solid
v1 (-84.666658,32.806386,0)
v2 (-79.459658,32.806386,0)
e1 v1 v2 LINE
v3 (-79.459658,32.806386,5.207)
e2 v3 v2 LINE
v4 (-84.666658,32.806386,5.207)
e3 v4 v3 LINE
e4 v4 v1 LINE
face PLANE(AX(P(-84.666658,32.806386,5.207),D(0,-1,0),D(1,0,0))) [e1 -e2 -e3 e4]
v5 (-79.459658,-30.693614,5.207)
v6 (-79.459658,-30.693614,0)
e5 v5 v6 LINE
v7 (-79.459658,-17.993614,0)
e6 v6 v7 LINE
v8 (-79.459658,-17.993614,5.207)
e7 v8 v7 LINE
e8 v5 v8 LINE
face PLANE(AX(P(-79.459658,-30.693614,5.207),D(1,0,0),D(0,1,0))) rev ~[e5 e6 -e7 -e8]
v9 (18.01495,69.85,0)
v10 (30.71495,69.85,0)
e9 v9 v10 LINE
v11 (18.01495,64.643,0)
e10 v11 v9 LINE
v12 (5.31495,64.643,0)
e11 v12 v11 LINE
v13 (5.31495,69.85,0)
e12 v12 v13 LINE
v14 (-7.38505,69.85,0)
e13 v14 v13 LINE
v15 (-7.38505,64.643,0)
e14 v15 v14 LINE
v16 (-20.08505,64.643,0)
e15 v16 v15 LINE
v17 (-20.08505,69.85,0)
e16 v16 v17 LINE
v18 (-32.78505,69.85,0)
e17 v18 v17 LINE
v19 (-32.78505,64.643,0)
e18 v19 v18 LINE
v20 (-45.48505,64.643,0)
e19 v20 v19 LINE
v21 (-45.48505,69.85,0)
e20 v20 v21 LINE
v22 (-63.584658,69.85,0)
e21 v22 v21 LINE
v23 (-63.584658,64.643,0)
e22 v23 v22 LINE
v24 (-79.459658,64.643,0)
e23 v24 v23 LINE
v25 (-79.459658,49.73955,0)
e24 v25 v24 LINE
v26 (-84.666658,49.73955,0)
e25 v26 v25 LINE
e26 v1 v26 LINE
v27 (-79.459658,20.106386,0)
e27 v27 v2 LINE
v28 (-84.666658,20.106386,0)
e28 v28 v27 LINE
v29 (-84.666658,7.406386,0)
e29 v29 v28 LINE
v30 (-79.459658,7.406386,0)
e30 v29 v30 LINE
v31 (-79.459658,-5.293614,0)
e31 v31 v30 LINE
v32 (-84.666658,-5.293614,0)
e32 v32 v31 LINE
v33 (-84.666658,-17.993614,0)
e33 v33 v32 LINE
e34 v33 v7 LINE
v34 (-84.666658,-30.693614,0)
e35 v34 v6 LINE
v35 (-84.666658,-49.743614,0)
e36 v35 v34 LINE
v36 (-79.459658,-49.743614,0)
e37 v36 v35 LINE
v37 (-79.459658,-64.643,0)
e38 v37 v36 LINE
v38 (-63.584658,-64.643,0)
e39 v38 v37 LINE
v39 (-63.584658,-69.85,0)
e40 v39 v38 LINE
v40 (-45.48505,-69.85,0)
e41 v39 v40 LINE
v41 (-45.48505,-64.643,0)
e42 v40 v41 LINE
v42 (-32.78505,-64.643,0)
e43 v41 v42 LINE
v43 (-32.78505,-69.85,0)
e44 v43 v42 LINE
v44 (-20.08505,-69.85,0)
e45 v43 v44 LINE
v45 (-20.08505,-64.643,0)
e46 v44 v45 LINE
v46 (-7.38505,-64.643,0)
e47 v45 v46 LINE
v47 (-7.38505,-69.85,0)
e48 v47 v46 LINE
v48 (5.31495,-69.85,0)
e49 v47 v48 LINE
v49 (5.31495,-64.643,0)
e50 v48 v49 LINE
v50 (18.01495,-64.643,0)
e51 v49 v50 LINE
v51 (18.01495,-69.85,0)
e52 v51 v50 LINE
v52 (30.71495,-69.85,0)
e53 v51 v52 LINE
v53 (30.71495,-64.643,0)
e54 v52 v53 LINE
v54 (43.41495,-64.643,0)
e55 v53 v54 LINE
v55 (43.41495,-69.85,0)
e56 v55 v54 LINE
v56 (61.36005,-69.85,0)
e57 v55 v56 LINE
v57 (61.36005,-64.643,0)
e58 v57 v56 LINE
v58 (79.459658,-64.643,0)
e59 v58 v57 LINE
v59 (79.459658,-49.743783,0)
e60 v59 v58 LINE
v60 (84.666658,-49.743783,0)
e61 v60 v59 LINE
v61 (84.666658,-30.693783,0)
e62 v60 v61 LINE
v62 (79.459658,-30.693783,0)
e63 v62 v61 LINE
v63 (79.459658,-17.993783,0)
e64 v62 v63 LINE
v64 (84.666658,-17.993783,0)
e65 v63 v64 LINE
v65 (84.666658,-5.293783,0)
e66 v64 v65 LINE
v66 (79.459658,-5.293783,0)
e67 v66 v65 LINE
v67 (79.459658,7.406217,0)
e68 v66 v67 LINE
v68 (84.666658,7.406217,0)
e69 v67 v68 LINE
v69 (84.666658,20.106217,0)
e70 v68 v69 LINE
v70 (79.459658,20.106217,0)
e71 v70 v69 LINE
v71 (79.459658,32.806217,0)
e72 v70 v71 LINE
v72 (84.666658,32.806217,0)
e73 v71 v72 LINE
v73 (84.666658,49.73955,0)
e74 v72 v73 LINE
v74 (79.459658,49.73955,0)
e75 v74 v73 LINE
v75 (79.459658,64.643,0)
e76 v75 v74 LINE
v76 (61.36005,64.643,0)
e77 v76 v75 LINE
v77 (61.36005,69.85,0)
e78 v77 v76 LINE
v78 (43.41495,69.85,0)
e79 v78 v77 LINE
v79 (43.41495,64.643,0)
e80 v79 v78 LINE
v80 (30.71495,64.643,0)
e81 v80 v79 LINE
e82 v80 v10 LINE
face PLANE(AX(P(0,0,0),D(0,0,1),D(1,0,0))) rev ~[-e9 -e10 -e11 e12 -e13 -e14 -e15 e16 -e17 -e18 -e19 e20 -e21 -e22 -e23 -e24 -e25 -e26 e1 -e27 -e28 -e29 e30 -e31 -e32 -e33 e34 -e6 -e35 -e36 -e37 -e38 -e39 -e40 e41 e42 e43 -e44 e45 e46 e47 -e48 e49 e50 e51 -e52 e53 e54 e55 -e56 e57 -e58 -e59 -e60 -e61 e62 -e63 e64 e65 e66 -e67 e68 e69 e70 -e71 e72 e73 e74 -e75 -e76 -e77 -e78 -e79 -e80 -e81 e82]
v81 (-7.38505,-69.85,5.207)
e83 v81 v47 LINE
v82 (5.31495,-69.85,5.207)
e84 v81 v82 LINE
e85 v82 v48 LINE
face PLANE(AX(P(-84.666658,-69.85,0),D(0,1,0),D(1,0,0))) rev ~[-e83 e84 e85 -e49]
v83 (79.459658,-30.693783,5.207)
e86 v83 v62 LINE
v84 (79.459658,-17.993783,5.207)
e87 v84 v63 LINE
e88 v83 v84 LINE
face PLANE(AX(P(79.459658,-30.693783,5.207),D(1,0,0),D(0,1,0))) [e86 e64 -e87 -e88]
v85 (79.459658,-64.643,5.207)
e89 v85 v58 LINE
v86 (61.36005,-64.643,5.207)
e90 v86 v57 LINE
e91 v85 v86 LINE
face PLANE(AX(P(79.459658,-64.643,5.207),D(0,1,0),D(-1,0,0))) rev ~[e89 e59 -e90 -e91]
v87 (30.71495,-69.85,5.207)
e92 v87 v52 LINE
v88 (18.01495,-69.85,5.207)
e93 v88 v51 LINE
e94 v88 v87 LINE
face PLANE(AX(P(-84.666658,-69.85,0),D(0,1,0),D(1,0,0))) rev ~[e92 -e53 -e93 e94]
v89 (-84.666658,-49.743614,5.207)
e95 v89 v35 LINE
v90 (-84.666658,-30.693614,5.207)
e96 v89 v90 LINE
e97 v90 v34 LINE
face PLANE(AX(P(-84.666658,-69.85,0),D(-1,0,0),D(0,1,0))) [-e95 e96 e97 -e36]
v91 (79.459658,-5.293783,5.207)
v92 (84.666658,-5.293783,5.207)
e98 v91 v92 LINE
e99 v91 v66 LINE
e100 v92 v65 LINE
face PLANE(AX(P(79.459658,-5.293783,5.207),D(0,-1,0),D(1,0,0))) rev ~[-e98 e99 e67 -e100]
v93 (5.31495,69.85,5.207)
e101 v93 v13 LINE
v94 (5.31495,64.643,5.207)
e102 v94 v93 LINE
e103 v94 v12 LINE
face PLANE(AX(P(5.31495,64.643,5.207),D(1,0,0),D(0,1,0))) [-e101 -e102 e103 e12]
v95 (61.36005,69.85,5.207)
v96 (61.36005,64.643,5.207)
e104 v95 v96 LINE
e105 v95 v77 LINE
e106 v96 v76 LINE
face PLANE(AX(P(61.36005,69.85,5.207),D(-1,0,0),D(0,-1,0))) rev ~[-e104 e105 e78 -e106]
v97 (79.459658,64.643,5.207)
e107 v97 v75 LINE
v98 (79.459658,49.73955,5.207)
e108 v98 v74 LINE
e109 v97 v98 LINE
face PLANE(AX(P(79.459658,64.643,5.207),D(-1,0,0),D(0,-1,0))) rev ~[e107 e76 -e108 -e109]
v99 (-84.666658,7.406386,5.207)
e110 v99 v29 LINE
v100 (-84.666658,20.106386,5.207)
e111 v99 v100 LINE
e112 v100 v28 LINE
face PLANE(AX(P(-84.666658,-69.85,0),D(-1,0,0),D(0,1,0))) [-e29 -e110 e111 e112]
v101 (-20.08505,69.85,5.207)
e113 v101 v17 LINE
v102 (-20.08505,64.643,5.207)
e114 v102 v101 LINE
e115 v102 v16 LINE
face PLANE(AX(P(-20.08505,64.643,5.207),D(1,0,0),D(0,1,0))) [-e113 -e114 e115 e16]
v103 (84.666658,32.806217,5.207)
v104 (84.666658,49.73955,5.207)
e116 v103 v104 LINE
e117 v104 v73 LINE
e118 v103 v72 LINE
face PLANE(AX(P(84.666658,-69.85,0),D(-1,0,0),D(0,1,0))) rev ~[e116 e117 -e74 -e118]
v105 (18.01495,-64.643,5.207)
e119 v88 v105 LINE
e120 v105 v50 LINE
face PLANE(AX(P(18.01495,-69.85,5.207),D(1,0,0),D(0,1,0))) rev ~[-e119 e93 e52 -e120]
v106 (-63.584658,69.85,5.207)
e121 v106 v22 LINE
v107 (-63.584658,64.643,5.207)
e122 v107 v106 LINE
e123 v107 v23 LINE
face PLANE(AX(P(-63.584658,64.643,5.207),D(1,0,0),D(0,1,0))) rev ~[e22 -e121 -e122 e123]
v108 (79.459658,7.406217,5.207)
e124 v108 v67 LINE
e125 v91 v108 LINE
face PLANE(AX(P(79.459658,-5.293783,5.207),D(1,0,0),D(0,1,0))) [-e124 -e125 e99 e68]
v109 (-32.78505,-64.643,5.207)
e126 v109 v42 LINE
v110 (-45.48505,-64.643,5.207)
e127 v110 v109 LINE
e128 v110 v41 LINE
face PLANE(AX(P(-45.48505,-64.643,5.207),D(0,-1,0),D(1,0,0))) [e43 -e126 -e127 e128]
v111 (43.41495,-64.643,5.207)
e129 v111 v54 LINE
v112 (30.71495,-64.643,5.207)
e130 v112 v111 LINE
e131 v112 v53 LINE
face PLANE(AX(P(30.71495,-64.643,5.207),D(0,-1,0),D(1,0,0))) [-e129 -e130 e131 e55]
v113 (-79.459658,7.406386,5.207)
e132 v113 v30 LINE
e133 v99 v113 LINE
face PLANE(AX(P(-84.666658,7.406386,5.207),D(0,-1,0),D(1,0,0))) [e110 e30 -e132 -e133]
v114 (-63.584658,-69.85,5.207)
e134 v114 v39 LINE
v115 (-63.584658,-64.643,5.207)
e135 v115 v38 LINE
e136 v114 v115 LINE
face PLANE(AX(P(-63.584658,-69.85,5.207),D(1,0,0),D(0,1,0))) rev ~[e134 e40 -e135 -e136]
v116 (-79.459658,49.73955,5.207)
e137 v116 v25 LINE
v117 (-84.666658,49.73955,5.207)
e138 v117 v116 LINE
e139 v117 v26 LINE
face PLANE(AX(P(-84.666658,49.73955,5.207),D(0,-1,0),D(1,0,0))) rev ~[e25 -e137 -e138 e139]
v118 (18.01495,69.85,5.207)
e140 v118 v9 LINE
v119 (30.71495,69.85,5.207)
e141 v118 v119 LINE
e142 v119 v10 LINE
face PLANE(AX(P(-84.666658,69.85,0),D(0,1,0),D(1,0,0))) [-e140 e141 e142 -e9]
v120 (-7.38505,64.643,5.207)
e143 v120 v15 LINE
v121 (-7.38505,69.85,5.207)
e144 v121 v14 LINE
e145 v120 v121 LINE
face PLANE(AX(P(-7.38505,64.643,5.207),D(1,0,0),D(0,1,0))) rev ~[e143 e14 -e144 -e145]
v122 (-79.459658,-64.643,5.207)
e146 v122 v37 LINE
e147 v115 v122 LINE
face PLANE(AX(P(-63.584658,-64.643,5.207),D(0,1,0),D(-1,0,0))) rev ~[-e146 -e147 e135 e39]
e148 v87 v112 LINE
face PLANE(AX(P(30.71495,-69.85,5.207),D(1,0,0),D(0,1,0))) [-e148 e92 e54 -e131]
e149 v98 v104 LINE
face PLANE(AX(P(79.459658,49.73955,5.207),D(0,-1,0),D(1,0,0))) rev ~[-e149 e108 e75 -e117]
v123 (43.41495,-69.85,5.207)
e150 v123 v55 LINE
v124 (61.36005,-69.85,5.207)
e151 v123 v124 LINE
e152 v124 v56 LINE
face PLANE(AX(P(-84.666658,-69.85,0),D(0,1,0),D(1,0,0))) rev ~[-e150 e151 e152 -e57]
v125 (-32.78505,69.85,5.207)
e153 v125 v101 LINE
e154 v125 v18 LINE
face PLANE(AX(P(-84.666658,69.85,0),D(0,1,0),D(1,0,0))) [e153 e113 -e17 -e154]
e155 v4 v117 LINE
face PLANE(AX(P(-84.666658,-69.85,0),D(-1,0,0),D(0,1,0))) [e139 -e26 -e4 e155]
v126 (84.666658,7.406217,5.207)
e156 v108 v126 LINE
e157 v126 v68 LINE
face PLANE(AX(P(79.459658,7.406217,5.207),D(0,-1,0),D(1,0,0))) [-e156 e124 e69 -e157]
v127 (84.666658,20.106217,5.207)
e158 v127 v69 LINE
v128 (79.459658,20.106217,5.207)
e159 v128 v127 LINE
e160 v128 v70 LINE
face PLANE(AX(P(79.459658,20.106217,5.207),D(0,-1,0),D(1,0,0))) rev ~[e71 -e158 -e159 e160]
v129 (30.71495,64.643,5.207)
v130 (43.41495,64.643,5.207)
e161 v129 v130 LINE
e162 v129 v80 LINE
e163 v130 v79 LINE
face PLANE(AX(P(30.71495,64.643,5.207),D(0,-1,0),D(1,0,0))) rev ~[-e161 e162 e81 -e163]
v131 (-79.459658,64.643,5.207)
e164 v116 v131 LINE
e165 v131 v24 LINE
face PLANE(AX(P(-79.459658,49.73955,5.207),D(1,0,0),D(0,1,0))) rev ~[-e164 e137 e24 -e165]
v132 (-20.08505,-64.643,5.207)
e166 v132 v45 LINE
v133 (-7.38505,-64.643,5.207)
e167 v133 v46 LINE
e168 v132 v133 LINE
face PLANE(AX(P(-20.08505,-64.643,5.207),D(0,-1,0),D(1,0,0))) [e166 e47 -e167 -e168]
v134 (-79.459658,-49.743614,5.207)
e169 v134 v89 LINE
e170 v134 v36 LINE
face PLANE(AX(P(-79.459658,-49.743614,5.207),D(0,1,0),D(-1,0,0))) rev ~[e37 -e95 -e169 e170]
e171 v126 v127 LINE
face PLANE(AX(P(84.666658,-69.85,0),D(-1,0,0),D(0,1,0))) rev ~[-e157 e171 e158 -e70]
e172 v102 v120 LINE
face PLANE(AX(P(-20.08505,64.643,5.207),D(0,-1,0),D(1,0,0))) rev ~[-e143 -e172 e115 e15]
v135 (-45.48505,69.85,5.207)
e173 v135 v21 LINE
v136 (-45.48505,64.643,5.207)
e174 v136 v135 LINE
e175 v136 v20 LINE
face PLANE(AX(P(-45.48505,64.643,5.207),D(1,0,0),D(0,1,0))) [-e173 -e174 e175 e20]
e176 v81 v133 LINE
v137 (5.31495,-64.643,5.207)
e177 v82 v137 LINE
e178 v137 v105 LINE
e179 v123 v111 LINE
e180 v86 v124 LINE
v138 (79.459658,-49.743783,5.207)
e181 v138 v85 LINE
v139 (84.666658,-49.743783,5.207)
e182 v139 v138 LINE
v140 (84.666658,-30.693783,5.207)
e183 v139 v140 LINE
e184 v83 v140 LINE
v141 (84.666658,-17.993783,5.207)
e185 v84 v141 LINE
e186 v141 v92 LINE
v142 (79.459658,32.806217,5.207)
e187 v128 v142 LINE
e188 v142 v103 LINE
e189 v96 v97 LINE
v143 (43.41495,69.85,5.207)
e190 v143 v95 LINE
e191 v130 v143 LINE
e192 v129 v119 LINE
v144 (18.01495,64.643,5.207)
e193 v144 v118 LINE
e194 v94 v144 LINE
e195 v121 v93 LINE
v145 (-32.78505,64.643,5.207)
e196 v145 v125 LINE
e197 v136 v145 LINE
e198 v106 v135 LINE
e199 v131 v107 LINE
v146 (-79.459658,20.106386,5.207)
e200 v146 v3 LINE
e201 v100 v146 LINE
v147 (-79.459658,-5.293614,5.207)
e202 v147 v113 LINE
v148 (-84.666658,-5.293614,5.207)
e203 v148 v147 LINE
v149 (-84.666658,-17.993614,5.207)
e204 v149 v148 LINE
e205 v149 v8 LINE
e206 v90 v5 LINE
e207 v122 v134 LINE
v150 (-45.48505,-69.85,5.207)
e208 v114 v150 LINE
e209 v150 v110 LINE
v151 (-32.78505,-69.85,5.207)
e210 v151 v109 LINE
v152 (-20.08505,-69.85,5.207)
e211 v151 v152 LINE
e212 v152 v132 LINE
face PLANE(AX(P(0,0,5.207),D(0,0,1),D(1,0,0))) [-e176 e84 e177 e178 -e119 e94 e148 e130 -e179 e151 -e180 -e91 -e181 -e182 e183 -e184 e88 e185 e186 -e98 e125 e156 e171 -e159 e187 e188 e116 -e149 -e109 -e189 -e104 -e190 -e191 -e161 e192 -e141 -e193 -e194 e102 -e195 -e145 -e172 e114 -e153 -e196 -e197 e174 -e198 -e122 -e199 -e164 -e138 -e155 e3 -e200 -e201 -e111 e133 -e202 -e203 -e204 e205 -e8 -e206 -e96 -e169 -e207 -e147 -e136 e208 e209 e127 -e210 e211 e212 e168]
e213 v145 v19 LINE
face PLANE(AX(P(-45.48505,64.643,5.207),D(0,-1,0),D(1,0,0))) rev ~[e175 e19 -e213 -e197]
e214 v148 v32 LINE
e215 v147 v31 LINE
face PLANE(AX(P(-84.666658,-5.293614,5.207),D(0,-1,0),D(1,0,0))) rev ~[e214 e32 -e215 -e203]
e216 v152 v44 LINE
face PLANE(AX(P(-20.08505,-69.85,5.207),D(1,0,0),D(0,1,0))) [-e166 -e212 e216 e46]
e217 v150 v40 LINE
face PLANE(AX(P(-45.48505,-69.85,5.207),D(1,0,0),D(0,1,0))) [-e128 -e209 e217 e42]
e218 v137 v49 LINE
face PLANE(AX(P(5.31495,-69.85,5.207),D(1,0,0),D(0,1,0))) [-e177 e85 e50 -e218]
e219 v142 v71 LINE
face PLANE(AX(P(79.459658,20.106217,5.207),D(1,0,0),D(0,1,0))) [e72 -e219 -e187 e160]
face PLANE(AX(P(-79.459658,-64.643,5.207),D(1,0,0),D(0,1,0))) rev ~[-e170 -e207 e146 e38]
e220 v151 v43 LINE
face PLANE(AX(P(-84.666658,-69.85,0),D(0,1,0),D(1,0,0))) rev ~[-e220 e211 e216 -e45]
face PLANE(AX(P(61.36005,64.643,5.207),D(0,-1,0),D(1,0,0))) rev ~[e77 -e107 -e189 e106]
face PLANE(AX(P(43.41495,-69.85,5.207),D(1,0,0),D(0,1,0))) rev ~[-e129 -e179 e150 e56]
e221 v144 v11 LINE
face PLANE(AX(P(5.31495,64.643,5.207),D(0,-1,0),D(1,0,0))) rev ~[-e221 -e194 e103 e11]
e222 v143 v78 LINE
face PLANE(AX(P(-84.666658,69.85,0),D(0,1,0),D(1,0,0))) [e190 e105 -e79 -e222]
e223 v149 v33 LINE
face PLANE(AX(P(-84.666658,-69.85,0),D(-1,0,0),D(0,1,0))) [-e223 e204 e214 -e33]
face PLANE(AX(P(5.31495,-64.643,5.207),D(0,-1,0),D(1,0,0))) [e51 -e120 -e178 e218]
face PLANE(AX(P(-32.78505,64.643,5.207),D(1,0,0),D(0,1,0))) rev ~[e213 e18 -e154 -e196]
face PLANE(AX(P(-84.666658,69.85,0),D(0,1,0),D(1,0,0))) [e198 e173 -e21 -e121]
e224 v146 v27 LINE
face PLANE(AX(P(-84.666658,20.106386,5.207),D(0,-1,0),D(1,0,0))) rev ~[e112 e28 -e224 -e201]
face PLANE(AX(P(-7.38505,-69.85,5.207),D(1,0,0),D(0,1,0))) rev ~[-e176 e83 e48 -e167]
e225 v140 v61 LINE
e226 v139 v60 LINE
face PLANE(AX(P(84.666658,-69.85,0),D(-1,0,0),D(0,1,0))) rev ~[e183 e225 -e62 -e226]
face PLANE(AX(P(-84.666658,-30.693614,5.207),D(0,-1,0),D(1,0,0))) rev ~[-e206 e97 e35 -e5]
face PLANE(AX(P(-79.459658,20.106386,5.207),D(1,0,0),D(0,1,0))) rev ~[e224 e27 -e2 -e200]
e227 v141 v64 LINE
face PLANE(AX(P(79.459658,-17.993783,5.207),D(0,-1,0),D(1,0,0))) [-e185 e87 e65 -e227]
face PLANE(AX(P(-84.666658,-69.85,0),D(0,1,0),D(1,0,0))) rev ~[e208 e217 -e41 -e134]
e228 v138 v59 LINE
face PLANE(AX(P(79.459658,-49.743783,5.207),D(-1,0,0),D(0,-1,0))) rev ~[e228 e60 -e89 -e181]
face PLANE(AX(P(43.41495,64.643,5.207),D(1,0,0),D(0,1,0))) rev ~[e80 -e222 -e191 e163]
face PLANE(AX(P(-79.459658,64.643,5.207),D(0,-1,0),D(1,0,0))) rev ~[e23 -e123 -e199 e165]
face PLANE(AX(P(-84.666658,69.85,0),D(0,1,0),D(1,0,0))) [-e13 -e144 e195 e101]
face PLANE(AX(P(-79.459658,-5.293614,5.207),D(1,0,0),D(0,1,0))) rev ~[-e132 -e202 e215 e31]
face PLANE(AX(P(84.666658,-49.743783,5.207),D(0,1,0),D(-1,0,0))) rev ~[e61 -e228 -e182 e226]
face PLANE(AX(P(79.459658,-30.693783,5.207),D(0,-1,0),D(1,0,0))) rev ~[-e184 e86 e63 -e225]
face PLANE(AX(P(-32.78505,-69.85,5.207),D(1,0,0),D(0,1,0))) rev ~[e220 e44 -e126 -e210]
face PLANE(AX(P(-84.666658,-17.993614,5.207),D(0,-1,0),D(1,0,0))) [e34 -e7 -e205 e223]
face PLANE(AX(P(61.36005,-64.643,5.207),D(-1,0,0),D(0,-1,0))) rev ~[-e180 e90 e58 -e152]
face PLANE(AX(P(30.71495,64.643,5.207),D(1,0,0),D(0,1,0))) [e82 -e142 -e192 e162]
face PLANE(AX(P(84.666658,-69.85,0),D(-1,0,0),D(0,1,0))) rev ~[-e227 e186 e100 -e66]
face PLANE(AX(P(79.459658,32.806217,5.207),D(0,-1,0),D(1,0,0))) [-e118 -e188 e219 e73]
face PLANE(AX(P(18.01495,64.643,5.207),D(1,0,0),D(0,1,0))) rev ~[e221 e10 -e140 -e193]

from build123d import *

# Parameters (mm, degrees)
F0_W     = 169.333316
F0_H     = 139.7
F1_DEPTH = 5.207
F2_W     = 5.207
F2_H     = 12.7
F2_W_2   = 12.7
F2_H_2   = 5.207
F3_DEPTH = 5.208


with BuildPart() as f1:
    # F0 (on Top) → F1 (new body)
    with BuildSketch(Plane.XY):
        Rectangle(F0_W, F0_H)
    extrude(amount=F1_DEPTH)

    # F2 (on face) → F3 (cut, through all)
    with BuildSketch(Plane.XY.offset(5.207)):
        Polygon((-79.459658, 49.73955), (-79.459658, 64.643), (-63.584658, 64.643), (-63.584658, 69.85), (-84.666658, 69.85), (-84.666658, 49.73955), align=None)
        with Locations((-82.063158, 26.456386)):
            Rectangle(F2_W, F2_H)
        with Locations((-82.063158, 1.056386)):
            Rectangle(F2_W, F2_H)
        with Locations((-82.063158, -24.343614)):
            Rectangle(F2_W, F2_H)
        Polygon((-79.459658, -49.743614), (-84.666658, -49.743614), (-84.666658, -69.85), (-63.584658, -69.85), (-63.584658, -64.643), (-79.459658, -64.643), align=None)
        with Locations((-39.13505, -67.2465)):
            Rectangle(F2_W_2, F2_H_2)
        with Locations((-13.73505, -67.2465)):
            Rectangle(F2_W_2, F2_H_2)
        with Locations((11.66495, -67.2465)):
            Rectangle(F2_W_2, F2_H_2)
        with Locations((37.06495, -67.2465)):
            Rectangle(F2_W_2, F2_H_2)
        Polygon((61.36005, -64.643), (61.36005, -69.85), (84.666658, -69.85), (84.666658, -49.743783), (79.459658, -49.743783), (79.459658, -64.643), align=None)
        with Locations((82.063158, -24.343783)):
            Rectangle(F2_W, F2_H)
        with Locations((82.063158, 1.056217)):
            Rectangle(F2_W, F2_H)
        Polygon((84.666658, 69.85), (61.36005, 69.85), (61.36005, 64.643), (79.459658, 64.643), (79.459658, 49.73955), (84.666658, 49.73955), align=None)
        with Locations((37.06495, 67.2465)):
            Rectangle(F2_W_2, F2_H_2)
        with Locations((11.66495, 67.2465)):
            Rectangle(F2_W_2, F2_H_2)
        with Locations((82.063158, 26.456217)):
            Rectangle(F2_W, F2_H)
        with Locations((-13.73505, 67.2465)):
            Rectangle(F2_W_2, F2_H_2)
        with Locations((-39.13505, 67.2465)):
            Rectangle(F2_W_2, F2_H_2)
    extrude(amount=-F3_DEPTH, mode=Mode.SUBTRACT)


solid = f1.part
